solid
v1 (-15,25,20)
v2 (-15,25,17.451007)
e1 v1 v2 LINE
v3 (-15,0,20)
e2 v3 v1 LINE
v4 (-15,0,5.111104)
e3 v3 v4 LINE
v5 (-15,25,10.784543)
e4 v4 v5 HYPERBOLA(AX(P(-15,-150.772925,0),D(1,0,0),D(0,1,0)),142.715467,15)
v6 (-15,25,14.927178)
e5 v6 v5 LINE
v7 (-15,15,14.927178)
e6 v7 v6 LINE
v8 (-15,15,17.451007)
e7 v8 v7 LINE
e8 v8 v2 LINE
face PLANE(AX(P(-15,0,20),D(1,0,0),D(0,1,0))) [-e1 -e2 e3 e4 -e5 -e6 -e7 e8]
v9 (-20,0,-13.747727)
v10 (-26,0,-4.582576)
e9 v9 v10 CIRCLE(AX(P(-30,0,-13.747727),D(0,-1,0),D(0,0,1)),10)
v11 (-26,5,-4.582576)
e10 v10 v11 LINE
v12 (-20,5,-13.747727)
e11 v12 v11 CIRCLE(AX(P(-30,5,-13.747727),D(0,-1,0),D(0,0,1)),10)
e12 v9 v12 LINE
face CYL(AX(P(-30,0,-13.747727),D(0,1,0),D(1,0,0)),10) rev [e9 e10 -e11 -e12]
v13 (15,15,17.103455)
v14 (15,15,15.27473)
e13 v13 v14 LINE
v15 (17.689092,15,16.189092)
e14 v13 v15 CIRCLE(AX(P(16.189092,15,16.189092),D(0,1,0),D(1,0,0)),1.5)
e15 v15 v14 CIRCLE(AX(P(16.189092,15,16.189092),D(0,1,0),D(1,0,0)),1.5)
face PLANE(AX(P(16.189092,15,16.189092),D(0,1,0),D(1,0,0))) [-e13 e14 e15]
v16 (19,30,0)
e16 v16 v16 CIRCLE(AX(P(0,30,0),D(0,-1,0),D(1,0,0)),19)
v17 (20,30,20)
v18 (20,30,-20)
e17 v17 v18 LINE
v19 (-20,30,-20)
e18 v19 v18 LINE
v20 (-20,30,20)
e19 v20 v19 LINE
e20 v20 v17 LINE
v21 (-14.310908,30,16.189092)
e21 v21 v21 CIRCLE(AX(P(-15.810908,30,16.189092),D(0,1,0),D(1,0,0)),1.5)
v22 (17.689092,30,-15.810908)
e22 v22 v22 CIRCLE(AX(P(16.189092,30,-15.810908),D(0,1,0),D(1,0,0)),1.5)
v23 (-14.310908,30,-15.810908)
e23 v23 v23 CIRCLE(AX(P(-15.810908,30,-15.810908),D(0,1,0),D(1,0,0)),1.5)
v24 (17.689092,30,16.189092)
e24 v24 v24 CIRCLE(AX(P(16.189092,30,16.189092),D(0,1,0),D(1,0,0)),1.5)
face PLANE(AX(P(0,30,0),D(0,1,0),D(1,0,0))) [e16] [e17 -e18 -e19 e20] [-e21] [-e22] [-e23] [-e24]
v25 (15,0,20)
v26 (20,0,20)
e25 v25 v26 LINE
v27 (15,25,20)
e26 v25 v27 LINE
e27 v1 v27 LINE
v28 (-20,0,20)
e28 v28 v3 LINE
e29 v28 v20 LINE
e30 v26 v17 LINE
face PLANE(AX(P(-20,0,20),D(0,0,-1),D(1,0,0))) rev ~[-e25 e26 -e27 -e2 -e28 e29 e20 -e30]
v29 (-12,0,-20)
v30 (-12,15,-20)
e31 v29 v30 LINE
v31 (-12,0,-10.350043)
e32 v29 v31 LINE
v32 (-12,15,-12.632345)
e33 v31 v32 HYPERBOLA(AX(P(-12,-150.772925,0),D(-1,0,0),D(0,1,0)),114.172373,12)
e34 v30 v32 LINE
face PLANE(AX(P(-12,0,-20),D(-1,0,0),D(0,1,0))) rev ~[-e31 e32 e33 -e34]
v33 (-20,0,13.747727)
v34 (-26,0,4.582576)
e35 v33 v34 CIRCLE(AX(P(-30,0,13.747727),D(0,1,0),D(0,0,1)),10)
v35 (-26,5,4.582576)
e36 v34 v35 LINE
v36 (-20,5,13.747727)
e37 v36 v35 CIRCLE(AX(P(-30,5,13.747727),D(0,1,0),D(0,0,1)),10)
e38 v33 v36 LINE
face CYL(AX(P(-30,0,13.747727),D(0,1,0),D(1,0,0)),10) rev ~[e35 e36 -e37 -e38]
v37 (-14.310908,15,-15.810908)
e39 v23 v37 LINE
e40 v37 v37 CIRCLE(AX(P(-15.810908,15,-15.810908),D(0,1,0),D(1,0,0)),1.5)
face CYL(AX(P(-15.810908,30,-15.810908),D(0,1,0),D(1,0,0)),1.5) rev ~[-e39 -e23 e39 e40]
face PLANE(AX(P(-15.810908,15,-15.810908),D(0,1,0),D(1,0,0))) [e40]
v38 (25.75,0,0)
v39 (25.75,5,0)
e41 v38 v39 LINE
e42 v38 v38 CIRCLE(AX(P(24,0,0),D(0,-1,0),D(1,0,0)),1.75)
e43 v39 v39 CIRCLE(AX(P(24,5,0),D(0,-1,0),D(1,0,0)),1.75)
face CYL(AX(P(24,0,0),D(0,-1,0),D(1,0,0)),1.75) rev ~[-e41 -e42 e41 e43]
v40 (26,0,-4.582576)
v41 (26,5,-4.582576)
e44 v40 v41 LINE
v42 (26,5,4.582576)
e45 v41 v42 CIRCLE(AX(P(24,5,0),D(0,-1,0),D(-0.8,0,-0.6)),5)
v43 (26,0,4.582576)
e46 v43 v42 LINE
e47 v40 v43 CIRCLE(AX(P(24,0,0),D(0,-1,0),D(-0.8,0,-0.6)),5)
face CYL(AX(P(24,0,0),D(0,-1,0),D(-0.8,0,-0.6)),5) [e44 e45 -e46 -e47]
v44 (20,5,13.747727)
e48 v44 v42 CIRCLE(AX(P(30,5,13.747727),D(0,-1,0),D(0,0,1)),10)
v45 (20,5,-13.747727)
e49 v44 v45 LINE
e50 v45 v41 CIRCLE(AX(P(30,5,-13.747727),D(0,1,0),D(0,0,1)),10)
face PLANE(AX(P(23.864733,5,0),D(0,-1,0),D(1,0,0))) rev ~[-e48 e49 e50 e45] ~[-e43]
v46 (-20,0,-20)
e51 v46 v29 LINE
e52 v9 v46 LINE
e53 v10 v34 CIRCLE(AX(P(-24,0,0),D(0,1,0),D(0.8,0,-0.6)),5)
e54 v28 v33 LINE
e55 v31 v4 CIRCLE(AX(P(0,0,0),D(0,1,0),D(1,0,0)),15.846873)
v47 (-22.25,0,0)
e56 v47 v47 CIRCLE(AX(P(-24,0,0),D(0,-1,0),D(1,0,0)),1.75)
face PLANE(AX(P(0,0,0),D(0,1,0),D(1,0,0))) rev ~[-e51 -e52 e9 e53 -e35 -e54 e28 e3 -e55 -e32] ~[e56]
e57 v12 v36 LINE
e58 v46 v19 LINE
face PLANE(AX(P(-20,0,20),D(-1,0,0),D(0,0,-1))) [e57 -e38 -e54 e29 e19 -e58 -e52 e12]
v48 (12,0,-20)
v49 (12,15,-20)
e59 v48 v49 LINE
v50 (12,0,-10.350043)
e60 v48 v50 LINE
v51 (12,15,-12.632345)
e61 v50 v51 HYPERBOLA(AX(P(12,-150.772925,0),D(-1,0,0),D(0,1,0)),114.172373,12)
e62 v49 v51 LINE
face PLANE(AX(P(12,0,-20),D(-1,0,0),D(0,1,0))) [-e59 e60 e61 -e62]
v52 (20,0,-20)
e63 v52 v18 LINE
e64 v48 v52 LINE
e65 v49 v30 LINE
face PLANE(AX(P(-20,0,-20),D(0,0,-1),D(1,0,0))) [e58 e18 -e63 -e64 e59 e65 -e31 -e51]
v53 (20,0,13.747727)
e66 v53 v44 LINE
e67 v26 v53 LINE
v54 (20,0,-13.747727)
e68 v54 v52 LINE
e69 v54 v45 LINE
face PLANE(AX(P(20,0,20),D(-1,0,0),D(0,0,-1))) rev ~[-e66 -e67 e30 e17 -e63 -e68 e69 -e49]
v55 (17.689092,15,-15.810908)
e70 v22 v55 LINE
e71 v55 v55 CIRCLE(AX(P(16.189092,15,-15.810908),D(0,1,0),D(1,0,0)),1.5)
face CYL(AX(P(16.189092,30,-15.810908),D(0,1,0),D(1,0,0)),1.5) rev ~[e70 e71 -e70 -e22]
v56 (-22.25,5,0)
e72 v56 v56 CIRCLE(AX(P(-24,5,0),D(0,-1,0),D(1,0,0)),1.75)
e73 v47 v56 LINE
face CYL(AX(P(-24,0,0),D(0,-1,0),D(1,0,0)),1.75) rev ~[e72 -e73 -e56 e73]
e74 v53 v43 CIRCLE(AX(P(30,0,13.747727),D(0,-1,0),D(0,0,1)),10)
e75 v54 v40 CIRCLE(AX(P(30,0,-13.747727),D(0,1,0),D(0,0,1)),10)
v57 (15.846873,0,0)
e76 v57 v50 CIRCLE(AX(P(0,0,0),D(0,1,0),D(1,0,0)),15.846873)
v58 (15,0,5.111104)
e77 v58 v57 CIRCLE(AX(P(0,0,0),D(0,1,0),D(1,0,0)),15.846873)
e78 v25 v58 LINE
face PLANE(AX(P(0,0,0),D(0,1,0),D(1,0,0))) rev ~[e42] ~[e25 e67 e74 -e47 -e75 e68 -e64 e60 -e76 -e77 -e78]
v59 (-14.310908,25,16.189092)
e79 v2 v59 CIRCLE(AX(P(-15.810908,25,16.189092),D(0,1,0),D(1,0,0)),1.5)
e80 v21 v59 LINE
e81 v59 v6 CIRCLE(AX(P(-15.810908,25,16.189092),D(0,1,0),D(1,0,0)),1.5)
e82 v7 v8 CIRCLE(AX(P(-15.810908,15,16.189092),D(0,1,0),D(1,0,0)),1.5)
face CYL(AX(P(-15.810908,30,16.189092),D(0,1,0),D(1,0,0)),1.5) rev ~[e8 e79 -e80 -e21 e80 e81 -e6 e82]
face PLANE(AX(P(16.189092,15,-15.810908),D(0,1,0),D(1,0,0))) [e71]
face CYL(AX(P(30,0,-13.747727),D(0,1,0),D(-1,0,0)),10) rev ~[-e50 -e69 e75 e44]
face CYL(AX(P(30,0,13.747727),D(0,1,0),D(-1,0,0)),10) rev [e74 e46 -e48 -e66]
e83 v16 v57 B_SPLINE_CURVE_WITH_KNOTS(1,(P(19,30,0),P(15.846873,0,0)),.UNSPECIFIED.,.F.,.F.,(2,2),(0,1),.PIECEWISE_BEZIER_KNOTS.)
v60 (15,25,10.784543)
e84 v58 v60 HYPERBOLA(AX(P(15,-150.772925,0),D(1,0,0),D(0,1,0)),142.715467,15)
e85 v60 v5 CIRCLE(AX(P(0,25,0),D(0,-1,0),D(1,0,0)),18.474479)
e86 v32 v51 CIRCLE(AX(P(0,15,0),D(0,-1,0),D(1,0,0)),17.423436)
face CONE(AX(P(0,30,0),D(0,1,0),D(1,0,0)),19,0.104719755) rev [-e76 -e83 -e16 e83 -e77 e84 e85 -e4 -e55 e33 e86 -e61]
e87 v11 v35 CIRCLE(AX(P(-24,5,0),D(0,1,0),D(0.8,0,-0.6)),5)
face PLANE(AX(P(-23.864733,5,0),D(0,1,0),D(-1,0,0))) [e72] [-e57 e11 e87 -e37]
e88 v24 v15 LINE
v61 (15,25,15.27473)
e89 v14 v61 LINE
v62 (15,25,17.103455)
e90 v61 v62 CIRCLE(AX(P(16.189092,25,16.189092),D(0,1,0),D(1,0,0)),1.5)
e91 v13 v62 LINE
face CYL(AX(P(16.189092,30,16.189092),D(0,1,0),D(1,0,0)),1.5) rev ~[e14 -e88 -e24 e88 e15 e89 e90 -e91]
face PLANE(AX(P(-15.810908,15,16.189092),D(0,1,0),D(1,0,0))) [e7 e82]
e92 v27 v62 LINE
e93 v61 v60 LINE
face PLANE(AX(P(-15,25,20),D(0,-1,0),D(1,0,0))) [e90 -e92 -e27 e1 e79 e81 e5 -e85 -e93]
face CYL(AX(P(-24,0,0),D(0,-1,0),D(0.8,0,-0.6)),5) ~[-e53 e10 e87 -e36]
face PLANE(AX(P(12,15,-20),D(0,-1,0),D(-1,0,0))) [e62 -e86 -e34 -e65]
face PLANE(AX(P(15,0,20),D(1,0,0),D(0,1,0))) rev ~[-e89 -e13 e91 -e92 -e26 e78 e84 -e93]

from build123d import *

# Parameters (mm, degrees)
SKETCH1_W           = 40
SKETCH1_H           = 40
BOSS_EXTRUDE1_DEPTH = 30
SKETCH2_R           = 19
CUT_EXTRUDE1_DEPTH  = 30
CUT_EXTRUDE1_TAPER  = 6
SKETCH3_R           = 1.5
CUT_EXTRUDE2_DEPTH  = 15
SKETCH4_W           = 24
SKETCH4_H           = 15
CUT_EXTRUDE3_DEPTH  = 41
SKETCH5_W           = 30
SKETCH5_H           = 25
CUT_EXTRUDE4_DEPTH  = 15
SKETCH7_R           = 1.75
BOSS_EXTRUDE2_DEPTH = 5
FILLET1_R           = 10
FILLET2_R           = 10


with BuildPart() as part:
    # Sketch1 → Boss-Extrude1 (new body)
    with BuildSketch(Plane(origin=(0, 0, 0), x_dir=(1, 0, 0), z_dir=(0, 1, 0))):
        Rectangle(SKETCH1_W, SKETCH1_H)
    extrude(amount=BOSS_EXTRUDE1_DEPTH)

    # Sketch2 → Cut-Extrude1 (cut)
    with BuildSketch(Plane(origin=(0, 30, 0), x_dir=(1, 0, 0), z_dir=(0, 1, 0))):
        Circle(SKETCH2_R)
    extrude(amount=-CUT_EXTRUDE1_DEPTH, taper=CUT_EXTRUDE1_TAPER, mode=Mode.SUBTRACT)

    # Sketch3 → Cut-Extrude2 (cut)
    with BuildSketch(Plane(origin=(0, 30, 0), x_dir=(1, 0, 0), z_dir=(0, 1, 0))):
        with Locations((-15.810907627, 15.810907627)):
            Circle(SKETCH3_R)
        with Locations((16.189092373, 15.810907627)):
            Circle(SKETCH3_R)
        with Locations((16.189092373, -16.189092373)):
            Circle(SKETCH3_R)
        with Locations((-15.810907627, -16.189092373)):
            Circle(SKETCH3_R)
    extrude(amount=-CUT_EXTRUDE2_DEPTH, mode=Mode.SUBTRACT)

    # Sketch4 → Cut-Extrude3 (cut, through all)
    with BuildSketch(Plane(origin=(0, 0, -20), x_dir=(-1, 0, 0), z_dir=(0, 0, -1))):
        with Locations((0, 7.5)):
            Rectangle(SKETCH4_W, SKETCH4_H)
    extrude(amount=-CUT_EXTRUDE3_DEPTH, mode=Mode.SUBTRACT)

    # Sketch5 → Cut-Extrude4 (cut)
    with BuildSketch(Plane.XY.offset(20)):
        with Locations((0, 12.5)):
            Rectangle(SKETCH5_W, SKETCH5_H)
    extrude(amount=-CUT_EXTRUDE4_DEPTH, mode=Mode.SUBTRACT)

    # Sketch7 → Boss-Extrude2 (add)
    with BuildSketch(Plane.XZ):
        with BuildLine():
            Line((-20, 3), (-20, -3))
            ThreePointArc((-20, -3), (-29, 0), (-20, 3))
        make_face()
        with Locations((-24, 0)):
            Circle(SKETCH7_R, mode=Mode.SUBTRACT)
        with BuildLine():
            Line((20, 3), (20, -3))
            ThreePointArc((20, -3), (29, 0), (20, 3))
        make_face()
        with Locations((24, 0)):
            Circle(SKETCH7_R, mode=Mode.SUBTRACT)
    extrude(amount=-BOSS_EXTRUDE2_DEPTH)

    # Fillet1
    fillet1_edges = [part.edges().sort_by_distance(p)[0] for p in [
        (-20, 2.5, 3),
    ]]
    fillet(fillet1_edges, radius=FILLET1_R)

    # Fillet2
    fillet2_edges = [part.edges().sort_by_distance(p)[0] for p in [
        (-20, 2.5, -3),
        (20, 2.5, 3),
        (20, 2.5, -3),
    ]]
    fillet(fillet2_edges, radius=FILLET2_R)


solid = part.part
